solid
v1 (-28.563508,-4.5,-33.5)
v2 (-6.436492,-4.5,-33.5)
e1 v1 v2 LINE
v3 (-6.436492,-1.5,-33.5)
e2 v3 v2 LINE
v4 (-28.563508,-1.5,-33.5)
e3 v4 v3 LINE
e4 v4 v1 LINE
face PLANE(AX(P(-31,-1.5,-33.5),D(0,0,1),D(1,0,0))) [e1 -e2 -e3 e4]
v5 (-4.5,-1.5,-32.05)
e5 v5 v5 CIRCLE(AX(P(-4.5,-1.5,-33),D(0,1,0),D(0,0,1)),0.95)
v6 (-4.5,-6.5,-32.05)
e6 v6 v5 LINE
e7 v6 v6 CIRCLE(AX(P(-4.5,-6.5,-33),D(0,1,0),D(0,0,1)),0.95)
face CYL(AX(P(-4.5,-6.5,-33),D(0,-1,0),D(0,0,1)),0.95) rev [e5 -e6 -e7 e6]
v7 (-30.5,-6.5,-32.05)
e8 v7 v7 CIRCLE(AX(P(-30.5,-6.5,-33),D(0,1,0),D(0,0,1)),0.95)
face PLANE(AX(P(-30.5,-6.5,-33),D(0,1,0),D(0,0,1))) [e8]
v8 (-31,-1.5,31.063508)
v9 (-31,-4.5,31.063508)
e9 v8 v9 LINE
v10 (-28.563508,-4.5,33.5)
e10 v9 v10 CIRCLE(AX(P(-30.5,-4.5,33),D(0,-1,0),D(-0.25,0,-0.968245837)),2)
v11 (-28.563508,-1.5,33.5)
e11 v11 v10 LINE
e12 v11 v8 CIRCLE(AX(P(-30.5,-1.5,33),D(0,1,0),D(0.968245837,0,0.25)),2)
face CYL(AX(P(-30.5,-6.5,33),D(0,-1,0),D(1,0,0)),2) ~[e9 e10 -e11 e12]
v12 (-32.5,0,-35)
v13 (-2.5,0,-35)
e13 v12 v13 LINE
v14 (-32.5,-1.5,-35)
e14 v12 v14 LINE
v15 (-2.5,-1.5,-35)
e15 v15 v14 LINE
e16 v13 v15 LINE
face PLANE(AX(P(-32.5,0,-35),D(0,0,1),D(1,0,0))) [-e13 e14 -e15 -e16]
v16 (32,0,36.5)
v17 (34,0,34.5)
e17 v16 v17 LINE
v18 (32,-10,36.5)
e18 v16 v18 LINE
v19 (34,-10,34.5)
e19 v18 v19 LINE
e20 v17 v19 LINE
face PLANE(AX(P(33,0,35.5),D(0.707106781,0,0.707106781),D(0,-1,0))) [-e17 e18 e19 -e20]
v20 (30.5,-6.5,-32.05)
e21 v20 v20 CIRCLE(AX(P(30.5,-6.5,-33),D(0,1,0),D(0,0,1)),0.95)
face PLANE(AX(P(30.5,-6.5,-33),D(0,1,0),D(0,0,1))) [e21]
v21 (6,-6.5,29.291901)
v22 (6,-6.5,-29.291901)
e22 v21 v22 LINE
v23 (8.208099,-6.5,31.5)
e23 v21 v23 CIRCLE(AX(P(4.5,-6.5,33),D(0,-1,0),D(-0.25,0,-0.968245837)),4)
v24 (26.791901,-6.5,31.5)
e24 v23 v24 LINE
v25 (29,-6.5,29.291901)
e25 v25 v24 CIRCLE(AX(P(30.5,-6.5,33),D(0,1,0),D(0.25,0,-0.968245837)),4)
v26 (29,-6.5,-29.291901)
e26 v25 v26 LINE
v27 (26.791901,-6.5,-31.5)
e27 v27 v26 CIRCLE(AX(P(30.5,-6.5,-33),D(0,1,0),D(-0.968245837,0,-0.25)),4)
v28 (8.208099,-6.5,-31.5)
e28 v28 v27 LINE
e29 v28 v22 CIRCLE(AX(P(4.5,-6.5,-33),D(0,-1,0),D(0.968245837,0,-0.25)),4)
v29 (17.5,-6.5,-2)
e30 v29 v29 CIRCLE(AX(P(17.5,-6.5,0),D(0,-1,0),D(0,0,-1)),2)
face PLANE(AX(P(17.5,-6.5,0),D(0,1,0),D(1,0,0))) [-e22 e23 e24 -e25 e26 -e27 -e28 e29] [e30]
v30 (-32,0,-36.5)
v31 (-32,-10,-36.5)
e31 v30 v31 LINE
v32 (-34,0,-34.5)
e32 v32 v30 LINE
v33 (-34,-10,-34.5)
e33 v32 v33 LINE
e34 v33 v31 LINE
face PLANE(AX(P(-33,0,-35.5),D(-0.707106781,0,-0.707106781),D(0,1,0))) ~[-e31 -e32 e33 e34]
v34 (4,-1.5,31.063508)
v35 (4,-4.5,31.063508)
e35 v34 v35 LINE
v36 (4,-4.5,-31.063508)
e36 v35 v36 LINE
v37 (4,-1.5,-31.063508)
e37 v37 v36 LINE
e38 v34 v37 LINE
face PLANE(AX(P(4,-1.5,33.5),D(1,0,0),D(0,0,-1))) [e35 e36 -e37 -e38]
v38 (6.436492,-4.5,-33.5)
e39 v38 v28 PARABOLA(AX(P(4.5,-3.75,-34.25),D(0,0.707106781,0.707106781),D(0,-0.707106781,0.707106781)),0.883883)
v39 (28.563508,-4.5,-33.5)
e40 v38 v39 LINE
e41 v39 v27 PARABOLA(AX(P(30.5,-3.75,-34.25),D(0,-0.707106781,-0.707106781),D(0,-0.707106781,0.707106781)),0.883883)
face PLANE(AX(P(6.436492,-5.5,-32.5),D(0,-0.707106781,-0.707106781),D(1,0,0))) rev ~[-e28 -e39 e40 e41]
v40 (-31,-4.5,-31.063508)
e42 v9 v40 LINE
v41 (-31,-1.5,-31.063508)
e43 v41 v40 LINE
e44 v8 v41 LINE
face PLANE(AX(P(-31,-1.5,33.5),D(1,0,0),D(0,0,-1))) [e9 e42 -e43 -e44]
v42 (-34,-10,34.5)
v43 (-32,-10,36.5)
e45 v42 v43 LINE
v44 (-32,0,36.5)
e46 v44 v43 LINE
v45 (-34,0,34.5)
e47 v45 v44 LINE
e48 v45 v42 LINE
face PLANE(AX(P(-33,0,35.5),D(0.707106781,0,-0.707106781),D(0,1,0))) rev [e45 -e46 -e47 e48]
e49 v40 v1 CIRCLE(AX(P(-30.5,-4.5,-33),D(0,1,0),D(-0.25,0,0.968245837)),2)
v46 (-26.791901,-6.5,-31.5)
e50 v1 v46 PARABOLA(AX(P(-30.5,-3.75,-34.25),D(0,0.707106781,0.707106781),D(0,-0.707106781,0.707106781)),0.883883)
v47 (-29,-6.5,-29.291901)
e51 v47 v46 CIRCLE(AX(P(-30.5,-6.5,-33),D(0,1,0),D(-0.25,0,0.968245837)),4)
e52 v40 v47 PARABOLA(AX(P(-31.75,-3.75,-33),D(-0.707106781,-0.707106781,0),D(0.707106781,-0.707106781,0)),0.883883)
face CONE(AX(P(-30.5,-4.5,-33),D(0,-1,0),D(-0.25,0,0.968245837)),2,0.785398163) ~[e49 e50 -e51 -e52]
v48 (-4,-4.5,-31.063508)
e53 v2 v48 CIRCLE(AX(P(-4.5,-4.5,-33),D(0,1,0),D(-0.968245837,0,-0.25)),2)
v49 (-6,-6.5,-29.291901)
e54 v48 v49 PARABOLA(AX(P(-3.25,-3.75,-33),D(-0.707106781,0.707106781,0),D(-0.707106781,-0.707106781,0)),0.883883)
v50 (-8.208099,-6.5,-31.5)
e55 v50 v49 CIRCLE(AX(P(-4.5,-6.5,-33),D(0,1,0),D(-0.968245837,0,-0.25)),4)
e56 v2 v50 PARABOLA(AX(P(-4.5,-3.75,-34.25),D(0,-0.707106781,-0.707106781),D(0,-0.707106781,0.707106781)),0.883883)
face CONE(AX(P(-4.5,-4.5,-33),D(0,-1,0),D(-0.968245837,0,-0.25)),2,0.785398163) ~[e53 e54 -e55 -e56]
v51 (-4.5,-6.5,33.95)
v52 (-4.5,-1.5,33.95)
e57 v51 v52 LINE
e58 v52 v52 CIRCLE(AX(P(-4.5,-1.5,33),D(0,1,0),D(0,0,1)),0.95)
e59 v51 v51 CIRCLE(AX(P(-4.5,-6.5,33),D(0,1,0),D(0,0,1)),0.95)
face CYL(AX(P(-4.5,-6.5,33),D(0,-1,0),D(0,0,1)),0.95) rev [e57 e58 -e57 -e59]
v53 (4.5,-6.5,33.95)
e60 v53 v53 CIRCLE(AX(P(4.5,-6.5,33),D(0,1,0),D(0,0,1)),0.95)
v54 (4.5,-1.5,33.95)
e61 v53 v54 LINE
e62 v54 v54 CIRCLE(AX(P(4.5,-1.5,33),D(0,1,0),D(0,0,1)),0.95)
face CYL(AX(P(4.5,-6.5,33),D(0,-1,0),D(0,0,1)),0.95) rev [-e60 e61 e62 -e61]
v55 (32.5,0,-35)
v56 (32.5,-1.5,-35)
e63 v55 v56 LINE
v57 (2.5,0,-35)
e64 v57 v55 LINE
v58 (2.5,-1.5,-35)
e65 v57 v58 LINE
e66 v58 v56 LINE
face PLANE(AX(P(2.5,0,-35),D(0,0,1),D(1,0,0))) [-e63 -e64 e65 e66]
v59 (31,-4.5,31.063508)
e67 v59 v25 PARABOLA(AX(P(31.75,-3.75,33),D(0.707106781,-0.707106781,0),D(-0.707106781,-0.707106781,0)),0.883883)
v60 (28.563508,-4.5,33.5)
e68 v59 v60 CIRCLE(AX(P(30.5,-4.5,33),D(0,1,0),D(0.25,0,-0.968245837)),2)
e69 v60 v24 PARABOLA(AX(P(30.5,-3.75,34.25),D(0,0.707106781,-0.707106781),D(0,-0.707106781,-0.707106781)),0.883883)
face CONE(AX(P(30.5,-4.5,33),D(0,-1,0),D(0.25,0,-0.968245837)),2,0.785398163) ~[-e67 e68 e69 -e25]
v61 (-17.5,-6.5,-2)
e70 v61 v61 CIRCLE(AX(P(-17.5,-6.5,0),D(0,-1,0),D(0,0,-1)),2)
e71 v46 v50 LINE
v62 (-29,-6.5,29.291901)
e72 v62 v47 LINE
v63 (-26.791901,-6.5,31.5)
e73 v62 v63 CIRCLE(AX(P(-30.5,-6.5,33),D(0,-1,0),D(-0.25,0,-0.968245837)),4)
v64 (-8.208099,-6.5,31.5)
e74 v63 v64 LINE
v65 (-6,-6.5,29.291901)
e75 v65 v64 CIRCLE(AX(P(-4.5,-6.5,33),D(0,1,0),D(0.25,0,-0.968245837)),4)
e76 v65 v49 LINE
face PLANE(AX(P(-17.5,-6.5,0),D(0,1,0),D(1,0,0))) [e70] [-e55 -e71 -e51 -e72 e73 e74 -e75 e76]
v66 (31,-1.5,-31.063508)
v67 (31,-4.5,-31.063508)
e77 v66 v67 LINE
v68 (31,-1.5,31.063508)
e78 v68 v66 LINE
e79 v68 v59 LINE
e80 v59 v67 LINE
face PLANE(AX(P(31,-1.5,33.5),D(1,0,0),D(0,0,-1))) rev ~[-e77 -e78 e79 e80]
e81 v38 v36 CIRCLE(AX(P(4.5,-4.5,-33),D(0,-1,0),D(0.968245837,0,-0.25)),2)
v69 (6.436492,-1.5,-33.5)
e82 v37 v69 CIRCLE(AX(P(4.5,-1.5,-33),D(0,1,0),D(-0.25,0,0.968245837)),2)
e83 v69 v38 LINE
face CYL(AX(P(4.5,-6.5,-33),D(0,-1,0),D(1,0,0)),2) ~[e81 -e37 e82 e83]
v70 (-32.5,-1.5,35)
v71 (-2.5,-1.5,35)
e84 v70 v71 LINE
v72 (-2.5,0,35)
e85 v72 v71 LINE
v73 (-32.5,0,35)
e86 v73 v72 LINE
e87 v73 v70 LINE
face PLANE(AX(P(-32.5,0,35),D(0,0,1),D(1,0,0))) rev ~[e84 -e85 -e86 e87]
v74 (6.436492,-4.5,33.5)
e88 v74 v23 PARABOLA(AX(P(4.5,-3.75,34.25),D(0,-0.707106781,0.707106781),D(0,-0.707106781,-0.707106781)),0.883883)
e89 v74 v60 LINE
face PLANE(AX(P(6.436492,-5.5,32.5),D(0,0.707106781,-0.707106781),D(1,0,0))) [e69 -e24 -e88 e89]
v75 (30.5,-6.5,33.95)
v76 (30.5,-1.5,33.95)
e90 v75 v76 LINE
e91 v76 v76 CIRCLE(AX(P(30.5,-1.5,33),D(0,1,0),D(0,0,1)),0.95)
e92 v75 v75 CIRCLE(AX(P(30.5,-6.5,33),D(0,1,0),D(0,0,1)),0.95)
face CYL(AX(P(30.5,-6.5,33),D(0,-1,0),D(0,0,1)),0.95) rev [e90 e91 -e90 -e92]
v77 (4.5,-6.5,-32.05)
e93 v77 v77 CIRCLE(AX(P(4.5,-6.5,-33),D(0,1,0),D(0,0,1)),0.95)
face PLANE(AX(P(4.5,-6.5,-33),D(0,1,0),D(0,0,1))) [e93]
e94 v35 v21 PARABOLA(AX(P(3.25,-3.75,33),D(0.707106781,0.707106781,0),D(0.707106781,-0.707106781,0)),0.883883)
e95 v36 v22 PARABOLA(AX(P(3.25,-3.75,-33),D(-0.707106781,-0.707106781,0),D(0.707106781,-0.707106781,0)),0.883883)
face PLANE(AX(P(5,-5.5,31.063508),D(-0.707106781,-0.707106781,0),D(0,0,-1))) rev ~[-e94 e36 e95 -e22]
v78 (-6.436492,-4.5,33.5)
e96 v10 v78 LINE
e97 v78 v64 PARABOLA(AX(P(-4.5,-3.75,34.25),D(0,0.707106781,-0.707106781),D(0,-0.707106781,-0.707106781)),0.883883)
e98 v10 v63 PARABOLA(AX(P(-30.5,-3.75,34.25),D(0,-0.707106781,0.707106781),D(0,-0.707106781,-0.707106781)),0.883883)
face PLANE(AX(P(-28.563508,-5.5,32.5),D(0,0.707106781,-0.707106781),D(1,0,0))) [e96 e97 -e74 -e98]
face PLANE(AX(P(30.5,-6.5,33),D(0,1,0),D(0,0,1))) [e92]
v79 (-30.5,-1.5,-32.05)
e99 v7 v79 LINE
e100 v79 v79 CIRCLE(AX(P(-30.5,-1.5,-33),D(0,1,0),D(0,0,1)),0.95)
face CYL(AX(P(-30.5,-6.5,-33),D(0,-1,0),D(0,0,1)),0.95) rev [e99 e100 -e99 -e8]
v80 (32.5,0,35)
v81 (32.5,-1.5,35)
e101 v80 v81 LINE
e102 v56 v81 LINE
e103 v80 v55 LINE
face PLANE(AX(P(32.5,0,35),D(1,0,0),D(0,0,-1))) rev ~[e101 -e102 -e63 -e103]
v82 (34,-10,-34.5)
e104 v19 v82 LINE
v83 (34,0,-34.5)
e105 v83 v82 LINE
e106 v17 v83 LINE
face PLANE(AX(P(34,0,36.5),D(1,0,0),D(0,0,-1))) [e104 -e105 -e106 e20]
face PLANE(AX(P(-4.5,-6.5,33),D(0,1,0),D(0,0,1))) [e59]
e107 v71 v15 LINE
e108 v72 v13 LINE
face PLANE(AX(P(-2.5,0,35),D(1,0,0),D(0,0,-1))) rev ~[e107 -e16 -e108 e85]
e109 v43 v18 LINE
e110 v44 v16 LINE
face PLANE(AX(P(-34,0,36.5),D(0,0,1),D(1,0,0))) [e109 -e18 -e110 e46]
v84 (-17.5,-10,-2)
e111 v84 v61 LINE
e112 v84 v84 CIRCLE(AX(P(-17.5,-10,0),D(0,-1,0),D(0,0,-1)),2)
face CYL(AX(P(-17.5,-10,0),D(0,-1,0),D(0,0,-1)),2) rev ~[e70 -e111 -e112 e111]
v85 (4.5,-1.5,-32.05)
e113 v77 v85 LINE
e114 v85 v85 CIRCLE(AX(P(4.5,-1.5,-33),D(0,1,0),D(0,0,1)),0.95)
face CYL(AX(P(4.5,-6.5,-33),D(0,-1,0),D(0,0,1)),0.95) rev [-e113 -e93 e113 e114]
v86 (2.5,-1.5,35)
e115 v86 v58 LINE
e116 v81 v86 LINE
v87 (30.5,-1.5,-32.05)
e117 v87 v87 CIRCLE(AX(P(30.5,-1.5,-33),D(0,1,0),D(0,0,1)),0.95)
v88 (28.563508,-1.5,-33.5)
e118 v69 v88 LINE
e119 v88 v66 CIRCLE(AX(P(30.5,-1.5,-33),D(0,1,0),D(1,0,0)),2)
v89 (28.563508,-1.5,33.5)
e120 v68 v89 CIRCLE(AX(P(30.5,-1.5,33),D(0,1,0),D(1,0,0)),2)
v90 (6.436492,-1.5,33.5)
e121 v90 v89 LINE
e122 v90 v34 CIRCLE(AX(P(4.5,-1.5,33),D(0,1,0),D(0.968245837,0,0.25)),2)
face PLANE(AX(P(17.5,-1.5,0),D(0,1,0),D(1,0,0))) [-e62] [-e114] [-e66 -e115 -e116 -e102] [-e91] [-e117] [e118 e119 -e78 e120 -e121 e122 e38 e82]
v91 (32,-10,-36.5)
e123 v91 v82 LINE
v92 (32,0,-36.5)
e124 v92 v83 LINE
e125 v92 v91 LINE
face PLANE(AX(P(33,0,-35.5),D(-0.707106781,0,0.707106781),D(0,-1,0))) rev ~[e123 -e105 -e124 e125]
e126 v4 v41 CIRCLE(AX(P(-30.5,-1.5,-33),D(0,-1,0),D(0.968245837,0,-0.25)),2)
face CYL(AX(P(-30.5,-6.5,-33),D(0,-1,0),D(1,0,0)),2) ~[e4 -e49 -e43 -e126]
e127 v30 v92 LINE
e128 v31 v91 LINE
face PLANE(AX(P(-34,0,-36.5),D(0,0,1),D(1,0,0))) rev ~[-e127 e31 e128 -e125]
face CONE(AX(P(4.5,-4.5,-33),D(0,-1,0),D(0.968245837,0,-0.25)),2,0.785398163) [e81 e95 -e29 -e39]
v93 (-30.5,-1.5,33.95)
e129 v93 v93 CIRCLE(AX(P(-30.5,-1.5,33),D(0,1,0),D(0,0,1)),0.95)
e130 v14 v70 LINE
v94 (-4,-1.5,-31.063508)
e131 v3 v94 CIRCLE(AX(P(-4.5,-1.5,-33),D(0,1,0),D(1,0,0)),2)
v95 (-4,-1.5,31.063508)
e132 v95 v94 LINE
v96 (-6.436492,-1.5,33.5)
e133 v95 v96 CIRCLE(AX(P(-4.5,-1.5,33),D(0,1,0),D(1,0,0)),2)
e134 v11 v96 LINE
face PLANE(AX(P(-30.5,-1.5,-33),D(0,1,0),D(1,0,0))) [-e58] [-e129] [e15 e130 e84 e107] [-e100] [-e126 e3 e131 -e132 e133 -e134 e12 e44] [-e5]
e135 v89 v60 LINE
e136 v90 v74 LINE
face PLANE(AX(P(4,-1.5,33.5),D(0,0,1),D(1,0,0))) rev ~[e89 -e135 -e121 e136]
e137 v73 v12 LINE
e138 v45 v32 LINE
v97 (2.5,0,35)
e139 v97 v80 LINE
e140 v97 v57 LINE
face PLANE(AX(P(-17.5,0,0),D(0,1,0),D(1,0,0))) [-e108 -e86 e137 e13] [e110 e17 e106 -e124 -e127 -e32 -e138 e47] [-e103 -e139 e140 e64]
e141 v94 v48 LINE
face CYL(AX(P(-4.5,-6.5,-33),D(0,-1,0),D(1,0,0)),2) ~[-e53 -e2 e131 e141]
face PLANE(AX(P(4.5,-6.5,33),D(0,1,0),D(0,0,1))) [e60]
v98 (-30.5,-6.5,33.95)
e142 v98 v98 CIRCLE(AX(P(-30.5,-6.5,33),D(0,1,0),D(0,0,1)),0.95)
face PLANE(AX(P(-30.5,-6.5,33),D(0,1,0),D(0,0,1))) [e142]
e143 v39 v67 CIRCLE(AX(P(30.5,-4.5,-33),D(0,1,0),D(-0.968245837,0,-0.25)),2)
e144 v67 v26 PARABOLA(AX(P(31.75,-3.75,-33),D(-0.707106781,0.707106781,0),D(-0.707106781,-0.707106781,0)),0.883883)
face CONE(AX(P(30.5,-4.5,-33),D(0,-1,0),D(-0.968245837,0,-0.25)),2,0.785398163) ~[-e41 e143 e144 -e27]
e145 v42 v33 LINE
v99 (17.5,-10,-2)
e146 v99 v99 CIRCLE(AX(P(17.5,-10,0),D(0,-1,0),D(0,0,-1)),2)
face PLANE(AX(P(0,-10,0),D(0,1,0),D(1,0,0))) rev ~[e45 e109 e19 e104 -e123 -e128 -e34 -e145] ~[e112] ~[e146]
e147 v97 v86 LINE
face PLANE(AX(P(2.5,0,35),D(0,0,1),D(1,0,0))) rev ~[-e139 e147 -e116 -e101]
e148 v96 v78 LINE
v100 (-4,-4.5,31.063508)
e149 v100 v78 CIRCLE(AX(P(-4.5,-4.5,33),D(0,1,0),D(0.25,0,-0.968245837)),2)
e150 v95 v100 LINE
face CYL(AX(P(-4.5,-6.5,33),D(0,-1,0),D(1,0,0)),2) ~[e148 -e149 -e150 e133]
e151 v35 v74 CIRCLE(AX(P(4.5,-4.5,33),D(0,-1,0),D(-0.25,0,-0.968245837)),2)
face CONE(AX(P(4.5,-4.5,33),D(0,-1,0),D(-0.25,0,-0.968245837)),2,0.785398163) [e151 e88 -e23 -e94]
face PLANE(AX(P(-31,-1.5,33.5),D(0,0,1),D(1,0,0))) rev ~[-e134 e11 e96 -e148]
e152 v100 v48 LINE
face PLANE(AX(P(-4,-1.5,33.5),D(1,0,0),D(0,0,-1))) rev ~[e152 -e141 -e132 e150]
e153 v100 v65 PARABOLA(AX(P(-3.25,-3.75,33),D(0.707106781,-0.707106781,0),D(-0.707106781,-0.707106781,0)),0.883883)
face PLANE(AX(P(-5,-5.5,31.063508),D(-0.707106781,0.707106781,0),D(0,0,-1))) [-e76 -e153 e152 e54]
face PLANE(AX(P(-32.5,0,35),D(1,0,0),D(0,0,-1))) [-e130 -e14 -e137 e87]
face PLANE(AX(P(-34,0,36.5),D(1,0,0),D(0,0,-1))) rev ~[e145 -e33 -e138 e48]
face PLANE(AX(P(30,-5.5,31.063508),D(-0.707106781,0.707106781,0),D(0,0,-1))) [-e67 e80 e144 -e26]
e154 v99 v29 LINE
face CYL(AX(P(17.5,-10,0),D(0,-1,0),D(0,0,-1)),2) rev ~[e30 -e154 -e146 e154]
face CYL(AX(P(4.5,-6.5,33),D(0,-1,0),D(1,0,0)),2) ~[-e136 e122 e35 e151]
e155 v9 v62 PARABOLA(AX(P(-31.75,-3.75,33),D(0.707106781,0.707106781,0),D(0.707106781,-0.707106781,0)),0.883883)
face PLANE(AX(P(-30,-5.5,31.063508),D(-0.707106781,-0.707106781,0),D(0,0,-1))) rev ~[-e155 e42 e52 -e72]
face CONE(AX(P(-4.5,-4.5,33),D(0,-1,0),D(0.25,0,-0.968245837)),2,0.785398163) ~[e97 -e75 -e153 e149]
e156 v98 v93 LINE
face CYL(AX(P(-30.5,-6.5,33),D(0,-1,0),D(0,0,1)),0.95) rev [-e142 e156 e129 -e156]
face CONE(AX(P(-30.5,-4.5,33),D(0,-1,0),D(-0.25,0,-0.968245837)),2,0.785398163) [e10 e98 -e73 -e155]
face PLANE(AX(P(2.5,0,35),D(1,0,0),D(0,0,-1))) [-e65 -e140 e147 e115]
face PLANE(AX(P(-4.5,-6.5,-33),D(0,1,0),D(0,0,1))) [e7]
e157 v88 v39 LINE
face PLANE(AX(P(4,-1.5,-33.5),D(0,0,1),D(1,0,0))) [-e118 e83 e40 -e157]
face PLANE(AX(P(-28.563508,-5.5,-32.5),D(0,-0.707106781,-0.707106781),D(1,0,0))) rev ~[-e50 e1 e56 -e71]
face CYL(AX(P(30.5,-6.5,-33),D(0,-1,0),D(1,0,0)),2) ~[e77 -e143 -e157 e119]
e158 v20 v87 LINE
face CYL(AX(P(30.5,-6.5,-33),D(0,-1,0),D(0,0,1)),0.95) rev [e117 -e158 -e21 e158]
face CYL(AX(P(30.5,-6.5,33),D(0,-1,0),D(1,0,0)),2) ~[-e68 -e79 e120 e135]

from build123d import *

# Parameters (mm, degrees)
SKETCH2_W           = 68
SKETCH2_H           = 73
SKETCH2_W_2         = 30
SKETCH2_H_2         = 70
BOSS_EXTRUDE1_DEPTH = 10
SKETCH2_3_W         = 30
SKETCH2_3_H         = 70
CUT_EXTRUDE2_DEPTH  = 1.5
SKETCH3_W           = 27
SKETCH3_H           = 67
CUT_EXTRUDE3_DEPTH  = 5
SKETCH4_R           = 2
BOSS_EXTRUDE2_DEPTH = 5
CUT_EXTRUDE4_START  = -5
SKETCH5_R           = 0.95
CUT_EXTRUDE4_DEPTH  = 5
CHAMFER1_SIZE       = 2
CHAMFER2_SIZE       = 2
SKETCH6_R           = 2
CUT_EXTRUDE5_DEPTH  = 4


with BuildPart() as part:
    # Sketch2 → Boss-Extrude1 (new body)
    # profile 1 of 3: a face of its own
    with BuildSketch(Plane(origin=(0, 0, 0), x_dir=(1, 0, 0), z_dir=(0, 1, 0))):
        Rectangle(SKETCH2_W, SKETCH2_H)
        with Locations((17.5, 0)):
            Rectangle(SKETCH2_W_2, SKETCH2_H_2, mode=Mode.SUBTRACT)
        with Locations((-17.5, 0)):
            Rectangle(SKETCH2_W_2, SKETCH2_H_2, mode=Mode.SUBTRACT)
    # profile 2 of 3: a face of its own
    with BuildSketch(Plane(origin=(0, 0, 0), x_dir=(1, 0, 0), z_dir=(0, 1, 0))):
        with Locations((17.5, 0)):
            Rectangle(SKETCH2_W_2, SKETCH2_H_2)
    # profile 3 of 3: a face of its own
    with BuildSketch(Plane(origin=(0, 0, 0), x_dir=(1, 0, 0), z_dir=(0, 1, 0))):
        with Locations((-17.5, 0)):
            Rectangle(SKETCH2_W_2, SKETCH2_H_2)
    extrude(amount=-BOSS_EXTRUDE1_DEPTH)

    # Sketch2<3> → Cut-Extrude2 (cut)
    with BuildSketch(Plane(origin=(0, 0, 0), x_dir=(1, 0, 0), z_dir=(0, 1, 0))):
        with Locations((-17.5, 0)):
            Rectangle(SKETCH2_3_W, SKETCH2_3_H)
        with Locations((17.5, 0)):
            Rectangle(SKETCH2_3_W, SKETCH2_3_H)
    extrude(amount=-CUT_EXTRUDE2_DEPTH, mode=Mode.SUBTRACT)

    # Sketch3 → Cut-Extrude3 (cut)
    with BuildSketch(Plane(origin=(0, -1.5, 0), x_dir=(1, 0, 0), z_dir=(0, 1, 0))):
        with Locations((-17.5, 0)):
            Rectangle(SKETCH3_W, SKETCH3_H)
        with Locations((17.5, 0)):
            Rectangle(SKETCH3_W, SKETCH3_H)
    extrude(amount=-CUT_EXTRUDE3_DEPTH, mode=Mode.SUBTRACT)

    # Sketch4 → Boss-Extrude2 (add)
    with BuildSketch(Plane(origin=(0, -6.5, 0), x_dir=(1, 0, 0), z_dir=(0, 1, 0))):
        with Locations((-30.5, 33)):
            Circle(SKETCH4_R)
        with Locations((-4.5, 33)):
            Circle(SKETCH4_R)
        with Locations((-4.5, -33)):
            Circle(SKETCH4_R)
        with Locations((-30.5, -33)):
            Circle(SKETCH4_R)
        with Locations((30.5, -33)):
            Circle(SKETCH4_R)
        with Locations((4.5, -33)):
            Circle(SKETCH4_R)
        with Locations((4.5, 33)):
            Circle(SKETCH4_R)
        with Locations((30.5, 33)):
            Circle(SKETCH4_R)
    extrude(amount=BOSS_EXTRUDE2_DEPTH)

    # Sketch5 → Cut-Extrude4 (cut)
    with BuildSketch(Plane(origin=(0, -1.5, 0), x_dir=(1, 0, 0), z_dir=(0, 1, 0)).offset(CUT_EXTRUDE4_START)):
        with Locations(Location((-30.5, 33, 0), (0, 0, 270))):
            Circle(SKETCH5_R)
        with Locations(Location((-4.5, 33, 0), (0, 0, 270))):
            Circle(SKETCH5_R)
        with Locations(Location((-4.5, -33, 0), (0, 0, 270))):
            Circle(SKETCH5_R)
        with Locations(Location((-30.5, -33, 0), (0, 0, 270))):
            Circle(SKETCH5_R)
        with Locations(Location((30.5, -33, 0), (0, 0, 270))):
            Circle(SKETCH5_R)
        with Locations(Location((4.5, -33, 0), (0, 0, 270))):
            Circle(SKETCH5_R)
        with Locations(Location((4.5, 33, 0), (0, 0, 270))):
            Circle(SKETCH5_R)
        with Locations(Location((30.5, 33, 0), (0, 0, 270))):
            Circle(SKETCH5_R)
    extrude(amount=CUT_EXTRUDE4_DEPTH, mode=Mode.SUBTRACT)

    # Chamfer1
    chamfer1_edges = [part.edges().sort_by_distance(p)[0] for p in [
        (-34, -5, 36.5),
        (-34, -5, -36.5),
        (34, -5, -36.5),
        (34, -5, 36.5),
    ]]
    chamfer(chamfer1_edges, length=CHAMFER1_SIZE)

    # Chamfer2
    chamfer2_edges = [part.edges().sort_by_distance(p)[0] for p in [
        (-4, -6.5, 0),
        (-5.914213562, -6.5, 31.585786438),
        (-17.5, -6.5, 33.5),
        (-29.085786438, -6.5, 31.585786438),
        (31, -6.5, 0),
        (29.085786438, -6.5, 31.585786438),
        (17.5, -6.5, 33.5),
        (5.914213562, -6.5, 31.585786438),
        (4, -6.5, 0),
        (5.914213562, -6.5, -31.585786438),
        (17.5, -6.5, -33.5),
        (29.085786438, -6.5, -31.585786438),
        (-31, -6.5, 0),
        (-29.085786438, -6.5, -31.585786438),
        (-17.5, -6.5, -33.5),
        (-5.914213562, -6.5, -31.585786438),
    ]]
    chamfer(chamfer2_edges, length=CHAMFER2_SIZE)

    # Sketch6 → Cut-Extrude5 (cut)
    with BuildSketch(Plane.XZ.offset(10)):
        with Locations(Location((-17.5, 0, 0), (0, 0, 270))):
            Circle(SKETCH6_R)
        with Locations(Location((17.5, 0, 0), (0, 0, 270))):
            Circle(SKETCH6_R)
    extrude(amount=-CUT_EXTRUDE5_DEPTH, mode=Mode.SUBTRACT)


solid = part.part
